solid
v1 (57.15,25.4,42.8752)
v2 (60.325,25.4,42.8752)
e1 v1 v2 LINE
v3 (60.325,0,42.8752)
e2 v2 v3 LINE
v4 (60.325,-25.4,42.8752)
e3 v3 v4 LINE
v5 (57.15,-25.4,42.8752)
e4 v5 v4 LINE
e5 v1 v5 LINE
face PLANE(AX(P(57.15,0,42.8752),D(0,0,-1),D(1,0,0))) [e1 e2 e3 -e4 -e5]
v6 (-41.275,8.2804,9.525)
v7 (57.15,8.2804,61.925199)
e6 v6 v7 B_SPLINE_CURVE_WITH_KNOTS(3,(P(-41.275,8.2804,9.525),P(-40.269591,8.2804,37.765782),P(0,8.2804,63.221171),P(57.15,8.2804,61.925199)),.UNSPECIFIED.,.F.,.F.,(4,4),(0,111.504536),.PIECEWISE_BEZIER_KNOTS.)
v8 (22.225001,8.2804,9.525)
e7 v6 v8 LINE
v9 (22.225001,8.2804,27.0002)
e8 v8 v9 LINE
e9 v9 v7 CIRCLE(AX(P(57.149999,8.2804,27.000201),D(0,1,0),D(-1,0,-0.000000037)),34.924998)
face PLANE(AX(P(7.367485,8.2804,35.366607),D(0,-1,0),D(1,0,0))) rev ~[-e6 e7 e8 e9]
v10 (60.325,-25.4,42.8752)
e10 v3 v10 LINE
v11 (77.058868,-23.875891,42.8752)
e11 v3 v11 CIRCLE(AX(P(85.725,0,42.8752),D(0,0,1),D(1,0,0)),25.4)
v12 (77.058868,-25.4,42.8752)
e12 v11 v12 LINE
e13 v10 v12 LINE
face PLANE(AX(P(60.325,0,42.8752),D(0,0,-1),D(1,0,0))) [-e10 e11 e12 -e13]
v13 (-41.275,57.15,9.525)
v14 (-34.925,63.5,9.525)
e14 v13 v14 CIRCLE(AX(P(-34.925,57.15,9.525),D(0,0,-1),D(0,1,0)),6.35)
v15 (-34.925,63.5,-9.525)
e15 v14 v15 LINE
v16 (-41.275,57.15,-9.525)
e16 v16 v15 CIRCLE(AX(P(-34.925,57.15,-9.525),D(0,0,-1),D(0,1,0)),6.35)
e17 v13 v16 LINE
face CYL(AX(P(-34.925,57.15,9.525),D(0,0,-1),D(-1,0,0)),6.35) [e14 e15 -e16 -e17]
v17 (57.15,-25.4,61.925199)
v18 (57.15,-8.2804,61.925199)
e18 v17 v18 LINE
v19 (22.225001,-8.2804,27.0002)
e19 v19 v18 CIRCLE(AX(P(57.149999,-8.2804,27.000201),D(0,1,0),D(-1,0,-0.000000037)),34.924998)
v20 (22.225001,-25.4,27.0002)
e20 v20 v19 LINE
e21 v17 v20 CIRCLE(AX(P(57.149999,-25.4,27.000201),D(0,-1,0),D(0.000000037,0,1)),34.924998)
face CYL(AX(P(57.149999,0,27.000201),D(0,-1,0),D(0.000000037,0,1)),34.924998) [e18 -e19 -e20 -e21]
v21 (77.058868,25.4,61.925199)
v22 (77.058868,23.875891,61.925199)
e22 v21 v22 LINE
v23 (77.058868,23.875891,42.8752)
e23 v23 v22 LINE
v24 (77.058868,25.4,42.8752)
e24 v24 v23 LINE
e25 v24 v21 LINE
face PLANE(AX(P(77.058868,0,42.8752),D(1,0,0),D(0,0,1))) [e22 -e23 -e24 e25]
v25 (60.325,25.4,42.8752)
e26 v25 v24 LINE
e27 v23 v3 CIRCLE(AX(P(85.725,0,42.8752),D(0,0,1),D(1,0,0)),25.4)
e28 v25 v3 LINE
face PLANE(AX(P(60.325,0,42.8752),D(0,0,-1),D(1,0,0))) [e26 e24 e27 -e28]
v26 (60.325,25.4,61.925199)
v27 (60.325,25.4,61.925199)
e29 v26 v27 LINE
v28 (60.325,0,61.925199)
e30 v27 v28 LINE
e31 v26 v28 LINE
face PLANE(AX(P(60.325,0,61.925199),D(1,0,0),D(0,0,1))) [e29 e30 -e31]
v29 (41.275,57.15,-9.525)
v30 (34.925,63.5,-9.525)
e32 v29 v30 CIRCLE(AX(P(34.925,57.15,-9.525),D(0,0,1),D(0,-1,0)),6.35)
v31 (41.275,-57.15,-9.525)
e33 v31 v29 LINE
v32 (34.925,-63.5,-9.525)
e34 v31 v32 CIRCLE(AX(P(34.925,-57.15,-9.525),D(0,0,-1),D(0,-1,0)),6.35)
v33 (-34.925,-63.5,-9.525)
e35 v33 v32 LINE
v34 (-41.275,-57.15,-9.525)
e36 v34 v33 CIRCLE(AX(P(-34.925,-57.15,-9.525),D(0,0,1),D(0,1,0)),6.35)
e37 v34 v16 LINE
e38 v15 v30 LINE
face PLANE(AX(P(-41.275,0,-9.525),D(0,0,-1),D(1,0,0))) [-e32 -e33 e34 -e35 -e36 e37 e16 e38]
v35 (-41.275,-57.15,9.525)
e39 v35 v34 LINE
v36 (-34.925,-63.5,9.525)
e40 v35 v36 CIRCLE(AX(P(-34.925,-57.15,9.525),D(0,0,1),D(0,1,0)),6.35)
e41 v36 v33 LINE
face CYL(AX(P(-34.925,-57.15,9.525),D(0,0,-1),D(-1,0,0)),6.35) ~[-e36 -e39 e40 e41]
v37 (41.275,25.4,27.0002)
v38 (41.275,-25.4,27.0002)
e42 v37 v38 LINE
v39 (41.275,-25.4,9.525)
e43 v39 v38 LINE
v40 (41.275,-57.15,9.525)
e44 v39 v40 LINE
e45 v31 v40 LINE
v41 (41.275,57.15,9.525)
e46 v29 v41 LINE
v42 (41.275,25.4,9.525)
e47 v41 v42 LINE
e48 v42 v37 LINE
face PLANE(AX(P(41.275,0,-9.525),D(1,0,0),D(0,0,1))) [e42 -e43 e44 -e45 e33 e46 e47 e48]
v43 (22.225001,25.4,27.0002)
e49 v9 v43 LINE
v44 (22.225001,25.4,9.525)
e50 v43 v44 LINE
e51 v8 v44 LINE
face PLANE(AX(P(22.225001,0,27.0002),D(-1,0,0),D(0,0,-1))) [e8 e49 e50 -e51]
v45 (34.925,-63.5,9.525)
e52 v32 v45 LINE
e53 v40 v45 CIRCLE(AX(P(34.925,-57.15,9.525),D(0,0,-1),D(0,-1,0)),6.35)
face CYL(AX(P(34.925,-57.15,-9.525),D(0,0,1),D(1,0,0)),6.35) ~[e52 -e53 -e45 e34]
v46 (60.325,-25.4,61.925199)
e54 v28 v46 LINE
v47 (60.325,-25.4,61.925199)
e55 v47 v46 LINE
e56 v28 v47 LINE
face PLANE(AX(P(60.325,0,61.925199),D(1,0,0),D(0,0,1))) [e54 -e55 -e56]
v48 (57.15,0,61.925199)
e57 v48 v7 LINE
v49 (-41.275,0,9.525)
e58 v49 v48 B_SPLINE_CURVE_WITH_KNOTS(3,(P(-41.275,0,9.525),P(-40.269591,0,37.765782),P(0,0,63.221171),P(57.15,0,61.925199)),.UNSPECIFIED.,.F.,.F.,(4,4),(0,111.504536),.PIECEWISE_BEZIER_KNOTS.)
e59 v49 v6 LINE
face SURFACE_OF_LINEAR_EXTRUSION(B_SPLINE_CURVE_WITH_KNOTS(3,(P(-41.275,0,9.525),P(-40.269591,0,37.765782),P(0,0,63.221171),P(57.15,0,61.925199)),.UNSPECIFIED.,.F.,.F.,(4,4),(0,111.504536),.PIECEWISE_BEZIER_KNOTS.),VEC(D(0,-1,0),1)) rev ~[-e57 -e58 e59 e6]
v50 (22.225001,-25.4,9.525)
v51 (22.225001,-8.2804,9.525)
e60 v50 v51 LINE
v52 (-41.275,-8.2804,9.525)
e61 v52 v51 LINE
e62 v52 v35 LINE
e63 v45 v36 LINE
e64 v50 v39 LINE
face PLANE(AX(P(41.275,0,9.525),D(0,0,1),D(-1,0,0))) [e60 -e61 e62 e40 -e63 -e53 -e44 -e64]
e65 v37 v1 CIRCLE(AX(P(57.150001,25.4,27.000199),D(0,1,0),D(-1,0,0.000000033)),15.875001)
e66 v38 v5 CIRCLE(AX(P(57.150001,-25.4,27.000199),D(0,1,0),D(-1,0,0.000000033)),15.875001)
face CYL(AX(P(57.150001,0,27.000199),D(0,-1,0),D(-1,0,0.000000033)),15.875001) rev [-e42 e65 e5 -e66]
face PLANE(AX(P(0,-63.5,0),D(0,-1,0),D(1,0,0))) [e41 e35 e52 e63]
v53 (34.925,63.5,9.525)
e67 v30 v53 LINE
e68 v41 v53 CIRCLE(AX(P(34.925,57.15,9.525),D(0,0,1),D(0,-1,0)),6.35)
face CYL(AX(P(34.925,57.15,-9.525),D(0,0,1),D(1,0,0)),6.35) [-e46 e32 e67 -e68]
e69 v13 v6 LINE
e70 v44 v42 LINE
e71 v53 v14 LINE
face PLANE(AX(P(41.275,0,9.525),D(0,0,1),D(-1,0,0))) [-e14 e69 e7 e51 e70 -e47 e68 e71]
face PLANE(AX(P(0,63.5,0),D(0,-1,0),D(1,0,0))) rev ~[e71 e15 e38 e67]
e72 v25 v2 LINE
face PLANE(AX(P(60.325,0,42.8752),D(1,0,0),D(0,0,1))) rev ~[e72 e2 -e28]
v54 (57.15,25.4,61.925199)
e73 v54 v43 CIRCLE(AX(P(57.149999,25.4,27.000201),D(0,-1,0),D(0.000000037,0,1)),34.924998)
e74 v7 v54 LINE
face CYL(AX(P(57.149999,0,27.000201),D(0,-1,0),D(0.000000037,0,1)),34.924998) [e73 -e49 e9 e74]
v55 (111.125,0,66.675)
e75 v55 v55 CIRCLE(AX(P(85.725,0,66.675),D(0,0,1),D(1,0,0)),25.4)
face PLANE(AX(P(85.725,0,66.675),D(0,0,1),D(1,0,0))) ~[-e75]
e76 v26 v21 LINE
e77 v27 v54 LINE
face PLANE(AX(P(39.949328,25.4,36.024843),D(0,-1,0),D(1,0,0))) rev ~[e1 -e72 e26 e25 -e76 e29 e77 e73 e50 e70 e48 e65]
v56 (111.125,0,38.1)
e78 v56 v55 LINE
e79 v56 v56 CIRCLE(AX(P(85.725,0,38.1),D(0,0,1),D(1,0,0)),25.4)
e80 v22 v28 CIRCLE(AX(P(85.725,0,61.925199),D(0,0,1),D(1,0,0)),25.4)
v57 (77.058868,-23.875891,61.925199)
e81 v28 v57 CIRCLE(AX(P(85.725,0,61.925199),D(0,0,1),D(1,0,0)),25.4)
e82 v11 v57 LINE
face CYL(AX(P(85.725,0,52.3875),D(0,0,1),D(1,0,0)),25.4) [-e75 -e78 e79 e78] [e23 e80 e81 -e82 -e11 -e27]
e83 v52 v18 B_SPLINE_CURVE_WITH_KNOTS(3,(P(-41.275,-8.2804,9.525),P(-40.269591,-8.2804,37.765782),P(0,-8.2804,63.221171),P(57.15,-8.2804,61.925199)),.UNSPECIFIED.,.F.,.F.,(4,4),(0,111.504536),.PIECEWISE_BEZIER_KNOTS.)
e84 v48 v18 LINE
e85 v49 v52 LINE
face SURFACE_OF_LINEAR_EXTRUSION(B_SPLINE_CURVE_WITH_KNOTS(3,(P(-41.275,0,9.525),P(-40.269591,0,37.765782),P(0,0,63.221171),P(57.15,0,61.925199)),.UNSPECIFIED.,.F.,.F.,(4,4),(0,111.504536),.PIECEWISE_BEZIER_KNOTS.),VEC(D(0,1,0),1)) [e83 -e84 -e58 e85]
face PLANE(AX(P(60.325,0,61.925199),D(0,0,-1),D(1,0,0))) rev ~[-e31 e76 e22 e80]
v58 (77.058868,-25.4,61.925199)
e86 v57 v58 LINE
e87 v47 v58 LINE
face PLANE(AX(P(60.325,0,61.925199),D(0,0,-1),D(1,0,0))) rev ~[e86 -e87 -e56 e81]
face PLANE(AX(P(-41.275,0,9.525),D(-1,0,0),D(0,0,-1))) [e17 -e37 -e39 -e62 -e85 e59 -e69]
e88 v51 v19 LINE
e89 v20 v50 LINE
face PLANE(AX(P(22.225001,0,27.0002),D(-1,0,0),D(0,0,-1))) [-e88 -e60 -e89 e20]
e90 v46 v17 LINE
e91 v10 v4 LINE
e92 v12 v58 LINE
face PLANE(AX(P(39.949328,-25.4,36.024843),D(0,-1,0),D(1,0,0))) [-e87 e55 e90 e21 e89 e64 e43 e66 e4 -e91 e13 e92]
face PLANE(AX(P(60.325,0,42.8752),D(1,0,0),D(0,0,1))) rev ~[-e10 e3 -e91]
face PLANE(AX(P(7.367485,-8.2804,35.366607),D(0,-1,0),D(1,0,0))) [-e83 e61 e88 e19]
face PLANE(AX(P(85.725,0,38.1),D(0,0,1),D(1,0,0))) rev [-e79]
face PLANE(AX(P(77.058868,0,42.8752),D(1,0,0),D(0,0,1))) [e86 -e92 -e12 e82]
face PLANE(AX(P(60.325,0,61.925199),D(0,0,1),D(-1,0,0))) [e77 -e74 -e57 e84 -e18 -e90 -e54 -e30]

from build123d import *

# Parameters (mm, degrees)
F1_DEPTH = 63.5
F0_W     = 16.733868
F0_H     = 19.049999
F2_DEPTH = 25.4
F3_DEPTH = 8.2804
F0_W_2   = 25.4
F0_H_2   = 28.575
F5_R     = 6.35


with BuildPart() as f1:
    # F0 (on Front) → F1 (new body, symmetric)
    with BuildSketch(Plane.XZ):
        Polygon((41.275, -9.525), (41.275, 9.525), (22.225001, 9.525), (-41.275, 9.525), (-41.275, -9.525), align=None)
    extrude(amount=F1_DEPTH, both=True)

    # F0 (on Front) → F2 (join, symmetric)
    with BuildSketch(Plane.XZ):
        with BuildLine():
            Line((22.225001, 9.525), (41.275, 9.525))
            Line((41.275, 9.525), (41.275, 27.0002))
            ThreePointArc((41.275, 27.0002), (45.92468, 38.22552), (57.15, 42.8752))
            Line((57.15, 42.8752), (60.325, 42.8752))
            Line((60.325, 42.8752), (60.325, 61.925199))
            Line((60.325, 61.925199), (57.15, 61.925199))
            ThreePointArc((57.15, 61.925199), (32.454296, 51.695904), (22.225001, 27.0002))
            Line((22.225001, 27.0002), (22.225001, 9.525))
        make_face()
        with Locations((68.691934, 52.400199)):
            Rectangle(F0_W, F0_H)
    extrude(amount=F2_DEPTH, both=True)

    # F0 (on Front) → F3 (join, symmetric)
    with BuildSketch(Plane.XZ):
        with BuildLine():
            Line((-41.275, 9.525), (22.225001, 9.525))
            Line((22.225001, 9.525), (22.225001, 27.0002))
            ThreePointArc((22.225001, 27.0002), (32.454296, 51.695904), (57.15, 61.925199))
            add(Edge.make_bspline(
                [(-41.275, 9.525), (-40.269591, 37.765782), (0, 63.221171), (57.15, 61.925199)],
                knots=[0, 0, 0, 0, 111.504536, 111.504536, 111.504536, 111.504536], degree=3))
        make_face()
    extrude(amount=F3_DEPTH, both=True)

    # F0 (on Front) → F4 (revolve)
    with BuildSketch(Plane.XZ):
        with Locations((98.425, 52.3875)):
            Rectangle(F0_W_2, F0_H_2)
    revolve(axis=Axis((85.725, 0, 52.3875), (0, 0, 1)))

    # F5
    f5_edges = [f1.edges().sort_by_distance(p)[0] for p in [
        (41.275, -63.5, 0),
        (-41.275, -63.5, 0),
        (41.275, 63.5, 0),
        (-41.275, 63.5, 0),
    ]]
    fillet(f5_edges, radius=F5_R)


solid = f1.part
